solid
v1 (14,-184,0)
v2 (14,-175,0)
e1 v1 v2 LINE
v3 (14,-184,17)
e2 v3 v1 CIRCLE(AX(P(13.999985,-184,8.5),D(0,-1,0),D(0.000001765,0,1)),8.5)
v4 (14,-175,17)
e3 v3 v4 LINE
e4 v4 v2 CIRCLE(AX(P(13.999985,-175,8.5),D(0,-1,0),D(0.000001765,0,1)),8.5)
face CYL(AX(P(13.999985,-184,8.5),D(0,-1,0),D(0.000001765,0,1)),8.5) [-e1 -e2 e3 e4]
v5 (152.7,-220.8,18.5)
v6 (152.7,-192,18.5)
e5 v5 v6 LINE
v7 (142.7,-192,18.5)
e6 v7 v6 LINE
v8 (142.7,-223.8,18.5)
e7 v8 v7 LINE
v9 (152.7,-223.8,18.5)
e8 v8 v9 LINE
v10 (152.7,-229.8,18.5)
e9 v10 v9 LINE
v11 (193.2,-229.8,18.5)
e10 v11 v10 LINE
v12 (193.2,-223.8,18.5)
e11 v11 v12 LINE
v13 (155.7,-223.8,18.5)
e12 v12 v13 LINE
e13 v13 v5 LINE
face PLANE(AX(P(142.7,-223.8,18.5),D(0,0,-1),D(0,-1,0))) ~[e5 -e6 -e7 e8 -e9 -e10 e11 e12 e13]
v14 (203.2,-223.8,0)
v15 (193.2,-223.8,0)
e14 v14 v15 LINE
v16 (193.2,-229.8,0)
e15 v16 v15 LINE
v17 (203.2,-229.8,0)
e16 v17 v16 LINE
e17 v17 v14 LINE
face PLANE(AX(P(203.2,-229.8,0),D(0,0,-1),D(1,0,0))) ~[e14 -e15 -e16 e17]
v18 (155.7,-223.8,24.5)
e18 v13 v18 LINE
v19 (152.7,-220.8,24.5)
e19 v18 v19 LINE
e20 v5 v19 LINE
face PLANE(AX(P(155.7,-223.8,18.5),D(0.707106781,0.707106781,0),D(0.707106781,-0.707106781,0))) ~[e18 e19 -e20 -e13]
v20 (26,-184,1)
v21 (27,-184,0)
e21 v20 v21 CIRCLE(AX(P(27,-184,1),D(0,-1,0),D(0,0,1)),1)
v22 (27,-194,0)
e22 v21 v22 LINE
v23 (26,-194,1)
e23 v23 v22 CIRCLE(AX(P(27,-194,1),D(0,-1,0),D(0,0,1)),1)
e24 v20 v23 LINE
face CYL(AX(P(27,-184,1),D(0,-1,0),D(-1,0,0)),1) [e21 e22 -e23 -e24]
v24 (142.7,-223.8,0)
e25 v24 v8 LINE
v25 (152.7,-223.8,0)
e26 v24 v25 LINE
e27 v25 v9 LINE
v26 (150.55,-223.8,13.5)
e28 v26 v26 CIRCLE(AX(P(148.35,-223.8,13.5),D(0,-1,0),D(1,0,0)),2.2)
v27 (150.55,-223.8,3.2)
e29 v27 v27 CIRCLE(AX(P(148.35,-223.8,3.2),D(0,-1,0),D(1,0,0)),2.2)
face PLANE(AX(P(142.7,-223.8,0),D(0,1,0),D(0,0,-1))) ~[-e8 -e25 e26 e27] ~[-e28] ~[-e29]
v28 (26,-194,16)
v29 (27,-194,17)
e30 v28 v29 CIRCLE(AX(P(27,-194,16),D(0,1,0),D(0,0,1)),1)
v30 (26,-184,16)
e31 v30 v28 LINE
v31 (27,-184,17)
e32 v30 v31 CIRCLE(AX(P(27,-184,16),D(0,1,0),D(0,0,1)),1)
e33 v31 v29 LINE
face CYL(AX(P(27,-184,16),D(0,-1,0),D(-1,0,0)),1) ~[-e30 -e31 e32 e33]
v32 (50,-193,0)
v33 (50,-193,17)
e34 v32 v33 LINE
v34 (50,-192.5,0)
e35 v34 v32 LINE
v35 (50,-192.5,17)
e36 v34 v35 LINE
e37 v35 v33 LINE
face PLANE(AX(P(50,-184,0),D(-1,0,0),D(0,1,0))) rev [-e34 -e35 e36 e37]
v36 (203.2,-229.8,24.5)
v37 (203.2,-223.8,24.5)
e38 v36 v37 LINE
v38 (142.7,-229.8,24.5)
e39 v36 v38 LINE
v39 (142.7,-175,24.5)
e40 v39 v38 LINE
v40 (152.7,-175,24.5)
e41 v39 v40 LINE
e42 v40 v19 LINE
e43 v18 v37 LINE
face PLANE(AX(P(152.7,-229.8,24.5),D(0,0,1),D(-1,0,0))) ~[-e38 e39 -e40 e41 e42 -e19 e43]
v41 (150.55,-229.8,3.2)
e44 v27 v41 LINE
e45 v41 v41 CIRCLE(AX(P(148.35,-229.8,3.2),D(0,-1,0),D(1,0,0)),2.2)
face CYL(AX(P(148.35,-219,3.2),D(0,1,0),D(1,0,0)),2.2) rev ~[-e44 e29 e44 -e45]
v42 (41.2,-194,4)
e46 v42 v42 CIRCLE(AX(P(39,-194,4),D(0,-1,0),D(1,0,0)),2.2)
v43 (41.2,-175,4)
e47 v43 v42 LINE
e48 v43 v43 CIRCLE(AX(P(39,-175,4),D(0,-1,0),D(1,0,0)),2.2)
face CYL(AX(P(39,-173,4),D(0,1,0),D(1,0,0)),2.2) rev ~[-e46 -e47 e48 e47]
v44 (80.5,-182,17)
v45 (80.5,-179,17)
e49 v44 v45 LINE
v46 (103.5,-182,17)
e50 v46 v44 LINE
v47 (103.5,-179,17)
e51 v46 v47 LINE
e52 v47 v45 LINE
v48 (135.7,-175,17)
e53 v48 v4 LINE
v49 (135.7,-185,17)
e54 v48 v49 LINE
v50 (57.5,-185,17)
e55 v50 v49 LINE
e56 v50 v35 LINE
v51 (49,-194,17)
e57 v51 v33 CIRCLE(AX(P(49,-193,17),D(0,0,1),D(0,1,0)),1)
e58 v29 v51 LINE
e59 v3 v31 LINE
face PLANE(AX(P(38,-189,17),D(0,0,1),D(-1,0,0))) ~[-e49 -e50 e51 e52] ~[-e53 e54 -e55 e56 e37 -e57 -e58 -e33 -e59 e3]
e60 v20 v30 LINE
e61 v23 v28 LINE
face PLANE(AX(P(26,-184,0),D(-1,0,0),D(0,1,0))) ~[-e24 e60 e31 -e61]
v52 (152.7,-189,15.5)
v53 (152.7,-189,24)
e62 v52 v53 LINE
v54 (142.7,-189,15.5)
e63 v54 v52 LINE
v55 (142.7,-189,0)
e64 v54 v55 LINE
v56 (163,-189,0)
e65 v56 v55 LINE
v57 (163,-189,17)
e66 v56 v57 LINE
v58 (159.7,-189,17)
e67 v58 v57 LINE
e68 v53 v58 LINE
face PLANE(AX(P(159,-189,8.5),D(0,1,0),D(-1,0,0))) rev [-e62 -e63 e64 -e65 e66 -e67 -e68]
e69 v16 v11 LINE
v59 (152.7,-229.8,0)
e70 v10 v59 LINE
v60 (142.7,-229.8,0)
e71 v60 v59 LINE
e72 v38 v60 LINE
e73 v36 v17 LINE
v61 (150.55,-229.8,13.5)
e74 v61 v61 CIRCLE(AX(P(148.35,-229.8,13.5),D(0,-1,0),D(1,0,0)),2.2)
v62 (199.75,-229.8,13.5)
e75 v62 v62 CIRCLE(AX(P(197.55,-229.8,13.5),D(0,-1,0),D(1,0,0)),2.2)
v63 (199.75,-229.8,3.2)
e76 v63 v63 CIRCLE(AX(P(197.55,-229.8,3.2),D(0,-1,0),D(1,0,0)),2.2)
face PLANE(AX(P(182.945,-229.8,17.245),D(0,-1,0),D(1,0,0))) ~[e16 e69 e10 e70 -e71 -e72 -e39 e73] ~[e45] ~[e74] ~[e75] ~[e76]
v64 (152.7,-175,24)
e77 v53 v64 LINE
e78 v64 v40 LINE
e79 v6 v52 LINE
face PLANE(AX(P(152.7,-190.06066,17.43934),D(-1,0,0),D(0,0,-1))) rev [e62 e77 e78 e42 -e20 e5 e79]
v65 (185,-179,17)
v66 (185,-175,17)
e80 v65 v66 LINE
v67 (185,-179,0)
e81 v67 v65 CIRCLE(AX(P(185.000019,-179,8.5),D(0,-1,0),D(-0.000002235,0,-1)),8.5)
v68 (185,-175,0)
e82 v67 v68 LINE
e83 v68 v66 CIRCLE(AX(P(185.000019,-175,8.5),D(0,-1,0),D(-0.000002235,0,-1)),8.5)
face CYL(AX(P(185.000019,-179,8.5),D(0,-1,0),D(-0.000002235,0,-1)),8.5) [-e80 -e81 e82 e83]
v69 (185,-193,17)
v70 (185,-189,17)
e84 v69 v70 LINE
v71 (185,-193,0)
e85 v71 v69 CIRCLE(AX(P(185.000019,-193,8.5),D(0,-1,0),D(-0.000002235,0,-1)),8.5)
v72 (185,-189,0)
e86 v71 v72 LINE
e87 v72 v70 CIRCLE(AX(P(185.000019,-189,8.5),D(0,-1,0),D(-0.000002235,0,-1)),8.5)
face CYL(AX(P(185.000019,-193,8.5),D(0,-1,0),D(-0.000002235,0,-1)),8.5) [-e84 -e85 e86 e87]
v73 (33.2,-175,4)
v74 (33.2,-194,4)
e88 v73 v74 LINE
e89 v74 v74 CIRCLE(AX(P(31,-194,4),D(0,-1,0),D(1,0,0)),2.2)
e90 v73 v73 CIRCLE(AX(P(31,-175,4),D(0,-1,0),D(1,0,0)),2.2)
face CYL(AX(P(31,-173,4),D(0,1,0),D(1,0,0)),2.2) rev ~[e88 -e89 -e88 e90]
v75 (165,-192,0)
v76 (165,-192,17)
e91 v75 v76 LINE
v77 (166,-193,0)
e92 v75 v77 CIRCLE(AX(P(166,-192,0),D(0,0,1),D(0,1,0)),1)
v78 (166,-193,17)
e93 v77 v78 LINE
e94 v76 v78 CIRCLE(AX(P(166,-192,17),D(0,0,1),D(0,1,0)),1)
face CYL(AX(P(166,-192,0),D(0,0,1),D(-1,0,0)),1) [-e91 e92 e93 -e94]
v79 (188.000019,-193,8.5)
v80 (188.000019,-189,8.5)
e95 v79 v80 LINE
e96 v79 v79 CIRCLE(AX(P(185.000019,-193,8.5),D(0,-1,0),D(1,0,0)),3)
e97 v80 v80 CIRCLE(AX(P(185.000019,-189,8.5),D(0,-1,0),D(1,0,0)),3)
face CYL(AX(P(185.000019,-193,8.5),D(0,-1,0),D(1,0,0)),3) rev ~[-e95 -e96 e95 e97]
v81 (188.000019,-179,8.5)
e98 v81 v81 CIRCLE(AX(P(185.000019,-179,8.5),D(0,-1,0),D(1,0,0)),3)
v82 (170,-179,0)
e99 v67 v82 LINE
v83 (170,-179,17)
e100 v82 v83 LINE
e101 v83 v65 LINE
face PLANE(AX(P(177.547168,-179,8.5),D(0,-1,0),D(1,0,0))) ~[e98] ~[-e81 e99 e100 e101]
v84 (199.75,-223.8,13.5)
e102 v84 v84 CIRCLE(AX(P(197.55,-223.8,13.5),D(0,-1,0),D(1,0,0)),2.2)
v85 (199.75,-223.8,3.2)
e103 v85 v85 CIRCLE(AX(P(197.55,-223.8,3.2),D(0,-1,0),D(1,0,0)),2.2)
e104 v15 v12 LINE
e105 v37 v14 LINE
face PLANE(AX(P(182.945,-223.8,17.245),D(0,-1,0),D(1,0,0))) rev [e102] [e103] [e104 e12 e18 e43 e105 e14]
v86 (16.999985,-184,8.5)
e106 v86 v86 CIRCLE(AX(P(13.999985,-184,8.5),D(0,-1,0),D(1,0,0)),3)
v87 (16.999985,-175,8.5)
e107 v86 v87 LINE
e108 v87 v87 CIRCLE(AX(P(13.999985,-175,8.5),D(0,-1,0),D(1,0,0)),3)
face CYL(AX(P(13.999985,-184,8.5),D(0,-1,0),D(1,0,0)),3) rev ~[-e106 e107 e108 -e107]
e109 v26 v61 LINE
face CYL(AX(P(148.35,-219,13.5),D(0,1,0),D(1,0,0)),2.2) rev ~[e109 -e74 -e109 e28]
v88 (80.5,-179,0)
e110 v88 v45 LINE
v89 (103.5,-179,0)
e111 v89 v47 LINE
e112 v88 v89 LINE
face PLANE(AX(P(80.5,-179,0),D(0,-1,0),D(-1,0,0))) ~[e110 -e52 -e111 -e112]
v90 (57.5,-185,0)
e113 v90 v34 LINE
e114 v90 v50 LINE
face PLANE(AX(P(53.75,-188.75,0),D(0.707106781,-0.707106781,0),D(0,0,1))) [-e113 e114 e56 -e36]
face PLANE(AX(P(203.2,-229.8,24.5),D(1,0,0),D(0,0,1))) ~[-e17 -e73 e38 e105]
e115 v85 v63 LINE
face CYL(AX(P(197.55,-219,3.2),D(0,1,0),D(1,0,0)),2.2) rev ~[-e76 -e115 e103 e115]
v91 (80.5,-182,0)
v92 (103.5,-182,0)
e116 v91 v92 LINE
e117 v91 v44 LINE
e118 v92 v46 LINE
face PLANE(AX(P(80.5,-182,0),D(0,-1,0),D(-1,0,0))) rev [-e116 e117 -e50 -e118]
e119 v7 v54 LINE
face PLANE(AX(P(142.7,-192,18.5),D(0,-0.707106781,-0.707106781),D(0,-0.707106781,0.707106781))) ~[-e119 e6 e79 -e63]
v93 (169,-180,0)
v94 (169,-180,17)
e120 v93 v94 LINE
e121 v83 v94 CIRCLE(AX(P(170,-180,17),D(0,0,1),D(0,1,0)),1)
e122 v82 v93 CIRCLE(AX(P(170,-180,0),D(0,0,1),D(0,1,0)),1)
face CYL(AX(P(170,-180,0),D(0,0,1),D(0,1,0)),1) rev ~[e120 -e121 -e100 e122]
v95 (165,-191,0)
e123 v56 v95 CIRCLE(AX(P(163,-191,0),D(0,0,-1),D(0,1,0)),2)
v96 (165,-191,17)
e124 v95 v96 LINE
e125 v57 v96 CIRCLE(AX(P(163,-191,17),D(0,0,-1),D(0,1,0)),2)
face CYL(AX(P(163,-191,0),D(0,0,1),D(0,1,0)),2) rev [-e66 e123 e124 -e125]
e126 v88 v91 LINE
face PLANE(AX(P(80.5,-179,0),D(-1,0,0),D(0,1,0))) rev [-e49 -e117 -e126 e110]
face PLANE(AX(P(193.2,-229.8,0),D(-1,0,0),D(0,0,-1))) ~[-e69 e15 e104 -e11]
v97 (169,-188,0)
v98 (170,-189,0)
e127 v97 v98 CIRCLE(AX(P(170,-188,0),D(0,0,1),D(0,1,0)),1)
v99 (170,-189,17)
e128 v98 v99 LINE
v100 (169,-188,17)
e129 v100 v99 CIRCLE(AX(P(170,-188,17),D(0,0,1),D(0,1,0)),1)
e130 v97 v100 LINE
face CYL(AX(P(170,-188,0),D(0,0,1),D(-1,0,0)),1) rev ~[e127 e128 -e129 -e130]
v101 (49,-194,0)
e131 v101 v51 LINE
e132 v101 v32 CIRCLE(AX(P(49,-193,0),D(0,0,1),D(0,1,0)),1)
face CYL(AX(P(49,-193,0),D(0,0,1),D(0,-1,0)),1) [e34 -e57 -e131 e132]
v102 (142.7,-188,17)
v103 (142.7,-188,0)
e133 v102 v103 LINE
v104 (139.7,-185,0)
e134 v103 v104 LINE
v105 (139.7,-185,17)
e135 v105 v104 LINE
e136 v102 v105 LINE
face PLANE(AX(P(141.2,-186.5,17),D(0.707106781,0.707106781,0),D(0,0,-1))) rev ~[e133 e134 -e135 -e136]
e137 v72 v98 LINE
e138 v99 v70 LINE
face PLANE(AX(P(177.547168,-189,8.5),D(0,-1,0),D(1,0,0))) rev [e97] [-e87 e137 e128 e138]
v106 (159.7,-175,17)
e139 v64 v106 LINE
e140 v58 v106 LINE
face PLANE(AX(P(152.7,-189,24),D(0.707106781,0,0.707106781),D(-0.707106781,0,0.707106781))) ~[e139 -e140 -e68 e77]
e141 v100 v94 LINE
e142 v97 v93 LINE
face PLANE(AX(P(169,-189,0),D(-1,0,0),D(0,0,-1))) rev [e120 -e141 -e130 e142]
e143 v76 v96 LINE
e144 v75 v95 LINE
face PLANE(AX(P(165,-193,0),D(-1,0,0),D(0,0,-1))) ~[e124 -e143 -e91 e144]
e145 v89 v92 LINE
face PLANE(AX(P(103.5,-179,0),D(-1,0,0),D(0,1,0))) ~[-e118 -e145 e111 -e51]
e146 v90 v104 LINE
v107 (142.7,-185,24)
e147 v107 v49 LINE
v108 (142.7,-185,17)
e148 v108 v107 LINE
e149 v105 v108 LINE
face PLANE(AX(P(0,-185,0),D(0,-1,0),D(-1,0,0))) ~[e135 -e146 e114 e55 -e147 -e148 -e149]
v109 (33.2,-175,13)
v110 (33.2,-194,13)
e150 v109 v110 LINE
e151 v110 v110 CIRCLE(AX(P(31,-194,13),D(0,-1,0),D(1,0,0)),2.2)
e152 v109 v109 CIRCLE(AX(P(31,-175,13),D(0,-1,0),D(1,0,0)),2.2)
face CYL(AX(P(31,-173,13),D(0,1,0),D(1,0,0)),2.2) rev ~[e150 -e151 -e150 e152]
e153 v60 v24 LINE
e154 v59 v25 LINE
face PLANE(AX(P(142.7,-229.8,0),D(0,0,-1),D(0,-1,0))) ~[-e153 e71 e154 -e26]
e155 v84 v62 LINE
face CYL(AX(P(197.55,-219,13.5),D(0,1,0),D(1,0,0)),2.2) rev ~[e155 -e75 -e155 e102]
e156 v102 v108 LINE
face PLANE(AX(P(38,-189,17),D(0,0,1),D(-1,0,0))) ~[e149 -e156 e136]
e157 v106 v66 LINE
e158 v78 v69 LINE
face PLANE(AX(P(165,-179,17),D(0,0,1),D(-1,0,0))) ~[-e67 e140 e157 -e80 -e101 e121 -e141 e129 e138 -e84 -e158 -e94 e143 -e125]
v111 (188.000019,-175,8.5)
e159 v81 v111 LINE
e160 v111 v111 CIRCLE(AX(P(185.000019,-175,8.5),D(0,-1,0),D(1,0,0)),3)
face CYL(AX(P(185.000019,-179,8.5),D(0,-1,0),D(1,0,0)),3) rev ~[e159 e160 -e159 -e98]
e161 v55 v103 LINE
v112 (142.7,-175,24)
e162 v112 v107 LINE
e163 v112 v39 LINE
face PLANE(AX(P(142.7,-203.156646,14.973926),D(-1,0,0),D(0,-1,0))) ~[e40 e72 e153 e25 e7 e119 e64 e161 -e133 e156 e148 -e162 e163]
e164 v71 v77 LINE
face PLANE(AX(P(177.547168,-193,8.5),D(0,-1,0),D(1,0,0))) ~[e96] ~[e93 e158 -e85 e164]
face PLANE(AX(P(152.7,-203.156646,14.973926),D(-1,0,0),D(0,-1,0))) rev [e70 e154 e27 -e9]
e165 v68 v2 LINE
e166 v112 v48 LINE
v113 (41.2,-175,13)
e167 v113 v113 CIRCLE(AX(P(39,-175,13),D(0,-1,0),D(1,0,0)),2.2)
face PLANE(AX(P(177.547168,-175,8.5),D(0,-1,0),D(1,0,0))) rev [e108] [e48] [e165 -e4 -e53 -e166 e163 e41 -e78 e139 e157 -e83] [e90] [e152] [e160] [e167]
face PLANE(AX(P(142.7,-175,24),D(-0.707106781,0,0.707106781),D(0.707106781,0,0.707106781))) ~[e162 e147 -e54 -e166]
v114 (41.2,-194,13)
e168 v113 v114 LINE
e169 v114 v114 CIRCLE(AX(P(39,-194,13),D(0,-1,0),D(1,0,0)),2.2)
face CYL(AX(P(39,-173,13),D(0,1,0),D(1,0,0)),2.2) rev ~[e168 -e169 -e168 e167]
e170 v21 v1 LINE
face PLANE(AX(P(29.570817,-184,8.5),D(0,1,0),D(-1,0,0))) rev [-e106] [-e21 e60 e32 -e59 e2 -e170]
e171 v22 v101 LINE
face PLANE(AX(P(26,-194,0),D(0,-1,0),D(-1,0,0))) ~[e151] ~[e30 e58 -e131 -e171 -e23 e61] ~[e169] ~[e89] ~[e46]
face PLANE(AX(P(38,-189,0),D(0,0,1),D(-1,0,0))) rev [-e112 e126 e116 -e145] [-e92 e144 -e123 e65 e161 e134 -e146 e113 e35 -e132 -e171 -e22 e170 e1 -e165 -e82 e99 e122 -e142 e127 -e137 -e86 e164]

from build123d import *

# Parameters (mm, degrees)
PAD067_DEPTH           = 10
PAD068_DEPTH           = 6
PAD072_DEPTH           = 14
CYLINDER038_R          = 2.2
CYLINDER038_DEPTH      = 26
CYLINDER038_ROLL_ANGLE = -90
ARRAY012_X_COUNT       = 2
ARRAY012_X_PITCH       = 8
ARRAY012_Z_COUNT       = 2
ARRAY012_Z_PITCH       = 9
BOX047_W               = 24
BOX047_H               = 10
BOX047_DEPTH           = 17
SKETCH056_R            = 3
PAD057_DEPTH           = 9
BOX048_W               = 35
BOX048_H               = 15
BOX048_DEPTH           = 20
BOX044_W               = 23
BOX044_H               = 3
BOX044_DEPTH           = 20
SKETCH049_R            = 3
PAD050_DEPTH           = 4
SKETCH050_R            = 3
PAD051_DEPTH           = 4
BOX043_W               = 20
BOX043_H               = 17
BOX043_DEPTH           = 10
FILLET017_R            = 1
FILLET017_ROLL_ANGLE   = 90
FILLET018_1_R          = 2
FILLET018_2_R          = 1
BOX042_W               = 167
BOX042_H               = 10
BOX042_DEPTH           = 17
CYLINDER037_R          = 2.2
CYLINDER037_DEPTH      = 18
CYLINDER037_ROLL_ANGLE = -90
ARRAY011_X_COUNT       = 2
ARRAY011_X_PITCH       = 49.2
ARRAY011_Z_COUNT       = 2
ARRAY011_Z_PITCH       = 10.3
PAD053_DEPTH           = 6
PAD052_DEPTH           = 10
CHAMFER007_SIZE        = 3
FILLET023_R            = 1
CHAMFER009_SIZE        = 7.5
PAD066_DEPTH           = 10


with BuildPart() as refuerzo009:
    # Sketch067 → Pad067 (new body)
    with BuildSketch(Plane(origin=(142.7, 11, 18.5), x_dir=(0, 0, -1), z_dir=(1, 0, 0))):
        Polygon((0, 0), (0, 3), (3, 0), align=None)
    extrude(amount=PAD067_DEPTH)


with BuildPart() as refuerzo010:
    # Sketch068 → Pad068 (new body)
    with BuildSketch(Plane(origin=(152.7, 45.8, 18.5), x_dir=(0, -1, 0), z_dir=(0, 0, 1))):
        Polygon((0, 0), (0, 3), (3, 0), align=None)
    extrude(amount=PAD068_DEPTH)


with BuildPart() as refuerzo014:
    # Sketch065 → Pad072 (new body)
    with BuildSketch(Plane(origin=(152.7, 11, 17), x_dir=(1, 0, 0), z_dir=(0, -1, 0))):
        Polygon((0, 0), (0, 7), (7, 0), align=None)
    extrude(amount=PAD072_DEPTH)


with BuildPart() as taladros_suje_traccion004:
    # Cylinder038 → Cylinder038 (new body)
    with BuildSketch(Plane.XY):
        Circle(CYLINDER038_R)
    extrude(amount=CYLINDER038_DEPTH)


with BuildPart() as taladros_suje_traccion004_1:
    # Cylinder038 roll: moved
    add(taladros_suje_traccion004.part.rotate(Axis((0, 0, 0), (1, 0, 0)), CYLINDER038_ROLL_ANGLE))


with BuildPart() as taladros_suje_traccion004_2:
    # Cylinder038 placement: moved
    add(taladros_suje_traccion004_1.part.moved(Location((202, 0, 4))))

    # Array012 X: Taladros_suje_traccion004 ×2


with BuildPart() as taladros_suje_traccion004_3:
    add(taladros_suje_traccion004_2.part)
    with Locations(*[(i * ARRAY012_X_PITCH, 0, 0) for i in range(1, ARRAY012_X_COUNT)]):
        add(taladros_suje_traccion004_2.part)

    # Array012 Z: Taladros_suje_traccion004 ×2


with BuildPart() as taladros_suje_traccion004_4:
    add(taladros_suje_traccion004_3.part)
    with Locations(*[(0, 0, i * ARRAY012_Z_PITCH) for i in range(1, ARRAY012_Z_COUNT)]):
        add(taladros_suje_traccion004_3.part)


with BuildPart() as taladros_suje_traccion004_5:
    # Array012 placement: moved
    add(taladros_suje_traccion004_4.part.moved(Location((-171, -5, 0))))


with BuildPart() as suj_traccion002:
    # Box047 → Box047 (new body)
    with BuildSketch(Plane(origin=(26, 6, 0), x_dir=(1, 0, 0), z_dir=(0, 0, 1))):
        with Locations((12, 5)):
            Rectangle(BOX047_W, BOX047_H)
    extrude(amount=BOX047_DEPTH)


with BuildPart() as circulo_tibia_gancho002:
    # Sketch056 → Pad057 (new body)
    with BuildSketch(Plane(origin=(50, 6, 0), x_dir=(1, 0, 0), z_dir=(0, -1, 0))):
        with BuildLine():
            Line((0, 17), (-36, 17))
            ThreePointArc((-36, 17), (-44.500015, 8.5), (-36, 0))
            Line((-36, 0), (0, 0))
            Line((0, 0), (0, 17))
        make_face()
        with Locations((-36.000015, 8.5)):
            Circle(SKETCH056_R, mode=Mode.SUBTRACT)
    extrude(amount=PAD057_DEPTH)


with BuildPart() as resta_redondeo_punta001:
    # Box048 → Box048 (new body)
    with BuildSketch(Plane(origin=(-2, -5, 0), x_dir=(1, 0, 0), z_dir=(0, 0, 1))):
        with Locations((17.5, 7.5)):
            Rectangle(BOX048_W, BOX048_H)
    extrude(amount=BOX048_DEPTH)


with BuildPart() as agarre002:
    # Box044 → Box044 (new body)
    with BuildSketch(Plane(origin=(80.5, 1, 0), x_dir=(1, 0, 0), z_dir=(0, 0, 1))):
        with Locations((11.5, 1.5)):
            Rectangle(BOX044_W, BOX044_H)
    extrude(amount=BOX044_DEPTH)


with BuildPart() as ciculo_gancho007:
    # Sketch049 → Pad050 (new body)
    with BuildSketch(Plane.XY):
        with BuildLine():
            Line((0, 17), (20, 17))
            ThreePointArc((20, 0), (28.500019, 8.5), (20, 17))
            Line((20, 0), (0, 0))
            Line((0, 0), (0, 17))
        make_face()
        with Locations((20.000019, 8.5)):
            Circle(SKETCH049_R, mode=Mode.SUBTRACT)
    extrude(amount=PAD050_DEPTH)


with BuildPart() as ciculo_gancho008:
    # Sketch050 → Pad051 (new body)
    with BuildSketch(Plane.XY.offset(14)):
        with BuildLine():
            Line((0, 17), (20, 17))
            ThreePointArc((20, 0), (28.500019, 8.5), (20, 17))
            Line((20, 0), (0, 0))
            Line((0, 0), (0, 17))
        make_face()
        with Locations((20.000019, 8.5)):
            Circle(SKETCH050_R, mode=Mode.SUBTRACT)
    extrude(amount=PAD051_DEPTH)


with BuildPart() as gancho_femur001:
    # Box043 → Box043 (new body)
    with BuildSketch(Plane(origin=(-16, 0, 4), x_dir=(1, 0, 0), z_dir=(0, 0, 1))):
        with Locations((10, 8.5)):
            Rectangle(BOX043_W, BOX043_H)
    extrude(amount=BOX043_DEPTH)

    # Fusion009003048: union Ciculo_gancho007, Ciculo_gancho008
    add(ciculo_gancho007.part)
    add(ciculo_gancho008.part)

    # Fillet017
    fillet017_edges = [gancho_femur001.edges().sort_by_distance(p)[0] for p in [
        (0, 8.5, 18),
        (-16, 0, 9),
        (-16, 17, 9),
        (0, 8.5, 0),
    ]]
    fillet(fillet017_edges, radius=FILLET017_R)


with BuildPart() as gancho_femur001_1:
    # Fillet017 roll: moved
    add(gancho_femur001.part.rotate(Axis((0, 0, 0), (1, 0, 0)), FILLET017_ROLL_ANGLE))


with BuildPart() as gancho_femur001_2:
    # Fillet017 placement: moved
    add(gancho_femur001_1.part.moved(Location((16, 15, 0))))

    # Fillet018 1
    fillet018_1_edges = [gancho_femur001_2.edges().sort_by_distance(p)[0] for p in [
        (16, 1, 8.5),
        (16, 11, 8.5),
    ]]
    fillet(fillet018_1_edges, radius=FILLET018_1_R)

    # Fillet018 2
    fillet018_2_edges = [gancho_femur001_2.edges().sort_by_distance(p)[0] for p in [
        (20, 1, 8.5),
        (20, 11, 8.5),
    ]]
    fillet(fillet018_2_edges, radius=FILLET018_2_R)


with BuildPart() as gancho_femur001_3:
    # Fillet018 placement: moved
    add(gancho_femur001_2.part.moved(Location((149, 0, 0))))


with BuildPart() as femur_agarre001:
    # Box042 → Box042 (new body)
    with BuildSketch(Plane(origin=(0, -3, 0), x_dir=(1, 0, 0), z_dir=(0, 0, 1))):
        with Locations((83.5, 5)):
            Rectangle(BOX042_W, BOX042_H)
    extrude(amount=BOX042_DEPTH)

    # Fusion009003049: union Gancho_femur001
    add(gancho_femur001_3.part)

    # Cut038: cut Agarre002
    add(agarre002.part, mode=Mode.SUBTRACT)


with BuildPart() as taladros_suje_motor003:
    # Cylinder037 → Cylinder037 (new body)
    with BuildSketch(Plane.XY):
        Circle(CYLINDER037_R)
    extrude(amount=CYLINDER037_DEPTH)


with BuildPart() as taladros_suje_motor003_1:
    # Cylinder037 roll: moved
    add(taladros_suje_motor003.part.rotate(Axis((0, 0, 0), (1, 0, 0)), CYLINDER037_ROLL_ANGLE))


with BuildPart() as taladros_suje_motor003_2:
    # Cylinder037 placement: moved
    add(taladros_suje_motor003_1.part.moved(Location((150.075, 41, 13.5))))

    # Array011 X: Taladros_suje_motor003 ×2


with BuildPart() as taladros_suje_motor003_3:
    add(taladros_suje_motor003_2.part)
    with Locations(*[(i * ARRAY011_X_PITCH, 0, 0) for i in range(1, ARRAY011_X_COUNT)]):
        add(taladros_suje_motor003_2.part)

    # Array011 Z: Taladros_suje_motor003 ×2


with BuildPart() as taladros_suje_motor003_4:
    add(taladros_suje_motor003_3.part)
    with Locations(*[(0, 0, -i * ARRAY011_Z_PITCH) for i in range(1, ARRAY011_Z_COUNT)]):
        add(taladros_suje_motor003_3.part)


with BuildPart() as suje_motor010:
    # Sketch052 → Pad053 (new body)
    with BuildSketch(Plane(origin=(10, 54.8, 0), x_dir=(1, 0, 0), z_dir=(0, -1, 0))):
        Polygon((0, 18.5), (0, 24.5), (50.5, 24.5), (50.5, 0), (40.5, 0), (40.5, 18.5), align=None)
    extrude(amount=PAD053_DEPTH)


with BuildPart() as femur_refuerzo001:
    # Sketch051 → Pad052 (new body)
    with BuildSketch(Plane.YZ):
        Polygon((14, 0), (0, 0), (0, 24.5), (54.8, 24.5), (54.8, 0), (48.8, 0), (48.8, 18.5), (14, 18.5), align=None)
    extrude(amount=PAD052_DEPTH)

    # Fusion009003050: union Suje_motor010
    add(suje_motor010.part)


with BuildPart() as femur_refuerzo001_1:
    # Fusion009003050 placement: moved
    add(femur_refuerzo001.part.moved(Location((144.425, -3, 0))))

    # Cut037: cut Taladros_suje_motor003
    add(taladros_suje_motor003_4.part, mode=Mode.SUBTRACT)


with BuildPart() as femur_refuerzo001_2:
    # Cut037 placement: moved
    add(femur_refuerzo001_1.part.moved(Location((-1.725, 0, 0))))

    # Fusion009003051: union Femur_agarre001
    add(femur_agarre001.part)

    # Chamfer007
    chamfer007_edges = [femur_refuerzo001_2.edges().sort_by_distance(p)[0] for p in [
        (142.7, 7, 8.5),
    ]]
    chamfer(chamfer007_edges, length=CHAMFER007_SIZE)

    # Cut039: cut resta_redondeo_punta001
    add(resta_redondeo_punta001.part, mode=Mode.SUBTRACT)

    # Fusion009003053: union Circulo_tibia_gancho002
    add(circulo_tibia_gancho002.part)

    # Fusion009003054: union Suj_traccion002
    add(suj_traccion002.part)

    # Cut040: cut Taladros_suje_traccion004
    add(taladros_suje_traccion004_5.part, mode=Mode.SUBTRACT)

    # Fillet023
    fillet023_edges = [femur_refuerzo001_2.edges().sort_by_distance(p)[0] for p in [
        (50, 16, 8.5),
        (26, 11, 0),
        (26, 11, 17),
    ]]
    fillet(fillet023_edges, radius=FILLET023_R)

    # Chamfer009
    chamfer009_edges = [femur_refuerzo001_2.edges().sort_by_distance(p)[0] for p in [
        (50, 7, 8.5),
    ]]
    chamfer(chamfer009_edges, length=CHAMFER009_SIZE)


with BuildPart() as femur_izquierdo_full001:
    # Sketch066 → Pad066 (new body)
    with BuildSketch(Plane(origin=(142.7, -3, 17), x_dir=(-1, 0, 0), z_dir=(0, 1, 0))):
        Polygon((0, 0), (0, 7), (7, 0), align=None)
    extrude(amount=PAD066_DEPTH)

    # Fusion009003066: union Refuerzo009, Refuerzo010, Refuerzo014, Femur_refuerzo001
    add(refuerzo009.part)
    add(refuerzo010.part)
    add(refuerzo014.part)
    add(femur_refuerzo001_2.part)


with BuildPart() as femur_derecha_full:
    # Part__Mirroring012: instance of Femur_izquierdo_full001
    add(femur_izquierdo_full001.part.mirror(Plane(origin=(0, 0, 0), x_dir=(1, 0, 0), z_dir=(0, 1, 0))))


with BuildPart() as femur_derecha_full_1:
    # Part__Mirroring012 placement: moved
    add(femur_derecha_full.part.moved(Location((0, -178, 0))))


solid = femur_derecha_full_1.part
